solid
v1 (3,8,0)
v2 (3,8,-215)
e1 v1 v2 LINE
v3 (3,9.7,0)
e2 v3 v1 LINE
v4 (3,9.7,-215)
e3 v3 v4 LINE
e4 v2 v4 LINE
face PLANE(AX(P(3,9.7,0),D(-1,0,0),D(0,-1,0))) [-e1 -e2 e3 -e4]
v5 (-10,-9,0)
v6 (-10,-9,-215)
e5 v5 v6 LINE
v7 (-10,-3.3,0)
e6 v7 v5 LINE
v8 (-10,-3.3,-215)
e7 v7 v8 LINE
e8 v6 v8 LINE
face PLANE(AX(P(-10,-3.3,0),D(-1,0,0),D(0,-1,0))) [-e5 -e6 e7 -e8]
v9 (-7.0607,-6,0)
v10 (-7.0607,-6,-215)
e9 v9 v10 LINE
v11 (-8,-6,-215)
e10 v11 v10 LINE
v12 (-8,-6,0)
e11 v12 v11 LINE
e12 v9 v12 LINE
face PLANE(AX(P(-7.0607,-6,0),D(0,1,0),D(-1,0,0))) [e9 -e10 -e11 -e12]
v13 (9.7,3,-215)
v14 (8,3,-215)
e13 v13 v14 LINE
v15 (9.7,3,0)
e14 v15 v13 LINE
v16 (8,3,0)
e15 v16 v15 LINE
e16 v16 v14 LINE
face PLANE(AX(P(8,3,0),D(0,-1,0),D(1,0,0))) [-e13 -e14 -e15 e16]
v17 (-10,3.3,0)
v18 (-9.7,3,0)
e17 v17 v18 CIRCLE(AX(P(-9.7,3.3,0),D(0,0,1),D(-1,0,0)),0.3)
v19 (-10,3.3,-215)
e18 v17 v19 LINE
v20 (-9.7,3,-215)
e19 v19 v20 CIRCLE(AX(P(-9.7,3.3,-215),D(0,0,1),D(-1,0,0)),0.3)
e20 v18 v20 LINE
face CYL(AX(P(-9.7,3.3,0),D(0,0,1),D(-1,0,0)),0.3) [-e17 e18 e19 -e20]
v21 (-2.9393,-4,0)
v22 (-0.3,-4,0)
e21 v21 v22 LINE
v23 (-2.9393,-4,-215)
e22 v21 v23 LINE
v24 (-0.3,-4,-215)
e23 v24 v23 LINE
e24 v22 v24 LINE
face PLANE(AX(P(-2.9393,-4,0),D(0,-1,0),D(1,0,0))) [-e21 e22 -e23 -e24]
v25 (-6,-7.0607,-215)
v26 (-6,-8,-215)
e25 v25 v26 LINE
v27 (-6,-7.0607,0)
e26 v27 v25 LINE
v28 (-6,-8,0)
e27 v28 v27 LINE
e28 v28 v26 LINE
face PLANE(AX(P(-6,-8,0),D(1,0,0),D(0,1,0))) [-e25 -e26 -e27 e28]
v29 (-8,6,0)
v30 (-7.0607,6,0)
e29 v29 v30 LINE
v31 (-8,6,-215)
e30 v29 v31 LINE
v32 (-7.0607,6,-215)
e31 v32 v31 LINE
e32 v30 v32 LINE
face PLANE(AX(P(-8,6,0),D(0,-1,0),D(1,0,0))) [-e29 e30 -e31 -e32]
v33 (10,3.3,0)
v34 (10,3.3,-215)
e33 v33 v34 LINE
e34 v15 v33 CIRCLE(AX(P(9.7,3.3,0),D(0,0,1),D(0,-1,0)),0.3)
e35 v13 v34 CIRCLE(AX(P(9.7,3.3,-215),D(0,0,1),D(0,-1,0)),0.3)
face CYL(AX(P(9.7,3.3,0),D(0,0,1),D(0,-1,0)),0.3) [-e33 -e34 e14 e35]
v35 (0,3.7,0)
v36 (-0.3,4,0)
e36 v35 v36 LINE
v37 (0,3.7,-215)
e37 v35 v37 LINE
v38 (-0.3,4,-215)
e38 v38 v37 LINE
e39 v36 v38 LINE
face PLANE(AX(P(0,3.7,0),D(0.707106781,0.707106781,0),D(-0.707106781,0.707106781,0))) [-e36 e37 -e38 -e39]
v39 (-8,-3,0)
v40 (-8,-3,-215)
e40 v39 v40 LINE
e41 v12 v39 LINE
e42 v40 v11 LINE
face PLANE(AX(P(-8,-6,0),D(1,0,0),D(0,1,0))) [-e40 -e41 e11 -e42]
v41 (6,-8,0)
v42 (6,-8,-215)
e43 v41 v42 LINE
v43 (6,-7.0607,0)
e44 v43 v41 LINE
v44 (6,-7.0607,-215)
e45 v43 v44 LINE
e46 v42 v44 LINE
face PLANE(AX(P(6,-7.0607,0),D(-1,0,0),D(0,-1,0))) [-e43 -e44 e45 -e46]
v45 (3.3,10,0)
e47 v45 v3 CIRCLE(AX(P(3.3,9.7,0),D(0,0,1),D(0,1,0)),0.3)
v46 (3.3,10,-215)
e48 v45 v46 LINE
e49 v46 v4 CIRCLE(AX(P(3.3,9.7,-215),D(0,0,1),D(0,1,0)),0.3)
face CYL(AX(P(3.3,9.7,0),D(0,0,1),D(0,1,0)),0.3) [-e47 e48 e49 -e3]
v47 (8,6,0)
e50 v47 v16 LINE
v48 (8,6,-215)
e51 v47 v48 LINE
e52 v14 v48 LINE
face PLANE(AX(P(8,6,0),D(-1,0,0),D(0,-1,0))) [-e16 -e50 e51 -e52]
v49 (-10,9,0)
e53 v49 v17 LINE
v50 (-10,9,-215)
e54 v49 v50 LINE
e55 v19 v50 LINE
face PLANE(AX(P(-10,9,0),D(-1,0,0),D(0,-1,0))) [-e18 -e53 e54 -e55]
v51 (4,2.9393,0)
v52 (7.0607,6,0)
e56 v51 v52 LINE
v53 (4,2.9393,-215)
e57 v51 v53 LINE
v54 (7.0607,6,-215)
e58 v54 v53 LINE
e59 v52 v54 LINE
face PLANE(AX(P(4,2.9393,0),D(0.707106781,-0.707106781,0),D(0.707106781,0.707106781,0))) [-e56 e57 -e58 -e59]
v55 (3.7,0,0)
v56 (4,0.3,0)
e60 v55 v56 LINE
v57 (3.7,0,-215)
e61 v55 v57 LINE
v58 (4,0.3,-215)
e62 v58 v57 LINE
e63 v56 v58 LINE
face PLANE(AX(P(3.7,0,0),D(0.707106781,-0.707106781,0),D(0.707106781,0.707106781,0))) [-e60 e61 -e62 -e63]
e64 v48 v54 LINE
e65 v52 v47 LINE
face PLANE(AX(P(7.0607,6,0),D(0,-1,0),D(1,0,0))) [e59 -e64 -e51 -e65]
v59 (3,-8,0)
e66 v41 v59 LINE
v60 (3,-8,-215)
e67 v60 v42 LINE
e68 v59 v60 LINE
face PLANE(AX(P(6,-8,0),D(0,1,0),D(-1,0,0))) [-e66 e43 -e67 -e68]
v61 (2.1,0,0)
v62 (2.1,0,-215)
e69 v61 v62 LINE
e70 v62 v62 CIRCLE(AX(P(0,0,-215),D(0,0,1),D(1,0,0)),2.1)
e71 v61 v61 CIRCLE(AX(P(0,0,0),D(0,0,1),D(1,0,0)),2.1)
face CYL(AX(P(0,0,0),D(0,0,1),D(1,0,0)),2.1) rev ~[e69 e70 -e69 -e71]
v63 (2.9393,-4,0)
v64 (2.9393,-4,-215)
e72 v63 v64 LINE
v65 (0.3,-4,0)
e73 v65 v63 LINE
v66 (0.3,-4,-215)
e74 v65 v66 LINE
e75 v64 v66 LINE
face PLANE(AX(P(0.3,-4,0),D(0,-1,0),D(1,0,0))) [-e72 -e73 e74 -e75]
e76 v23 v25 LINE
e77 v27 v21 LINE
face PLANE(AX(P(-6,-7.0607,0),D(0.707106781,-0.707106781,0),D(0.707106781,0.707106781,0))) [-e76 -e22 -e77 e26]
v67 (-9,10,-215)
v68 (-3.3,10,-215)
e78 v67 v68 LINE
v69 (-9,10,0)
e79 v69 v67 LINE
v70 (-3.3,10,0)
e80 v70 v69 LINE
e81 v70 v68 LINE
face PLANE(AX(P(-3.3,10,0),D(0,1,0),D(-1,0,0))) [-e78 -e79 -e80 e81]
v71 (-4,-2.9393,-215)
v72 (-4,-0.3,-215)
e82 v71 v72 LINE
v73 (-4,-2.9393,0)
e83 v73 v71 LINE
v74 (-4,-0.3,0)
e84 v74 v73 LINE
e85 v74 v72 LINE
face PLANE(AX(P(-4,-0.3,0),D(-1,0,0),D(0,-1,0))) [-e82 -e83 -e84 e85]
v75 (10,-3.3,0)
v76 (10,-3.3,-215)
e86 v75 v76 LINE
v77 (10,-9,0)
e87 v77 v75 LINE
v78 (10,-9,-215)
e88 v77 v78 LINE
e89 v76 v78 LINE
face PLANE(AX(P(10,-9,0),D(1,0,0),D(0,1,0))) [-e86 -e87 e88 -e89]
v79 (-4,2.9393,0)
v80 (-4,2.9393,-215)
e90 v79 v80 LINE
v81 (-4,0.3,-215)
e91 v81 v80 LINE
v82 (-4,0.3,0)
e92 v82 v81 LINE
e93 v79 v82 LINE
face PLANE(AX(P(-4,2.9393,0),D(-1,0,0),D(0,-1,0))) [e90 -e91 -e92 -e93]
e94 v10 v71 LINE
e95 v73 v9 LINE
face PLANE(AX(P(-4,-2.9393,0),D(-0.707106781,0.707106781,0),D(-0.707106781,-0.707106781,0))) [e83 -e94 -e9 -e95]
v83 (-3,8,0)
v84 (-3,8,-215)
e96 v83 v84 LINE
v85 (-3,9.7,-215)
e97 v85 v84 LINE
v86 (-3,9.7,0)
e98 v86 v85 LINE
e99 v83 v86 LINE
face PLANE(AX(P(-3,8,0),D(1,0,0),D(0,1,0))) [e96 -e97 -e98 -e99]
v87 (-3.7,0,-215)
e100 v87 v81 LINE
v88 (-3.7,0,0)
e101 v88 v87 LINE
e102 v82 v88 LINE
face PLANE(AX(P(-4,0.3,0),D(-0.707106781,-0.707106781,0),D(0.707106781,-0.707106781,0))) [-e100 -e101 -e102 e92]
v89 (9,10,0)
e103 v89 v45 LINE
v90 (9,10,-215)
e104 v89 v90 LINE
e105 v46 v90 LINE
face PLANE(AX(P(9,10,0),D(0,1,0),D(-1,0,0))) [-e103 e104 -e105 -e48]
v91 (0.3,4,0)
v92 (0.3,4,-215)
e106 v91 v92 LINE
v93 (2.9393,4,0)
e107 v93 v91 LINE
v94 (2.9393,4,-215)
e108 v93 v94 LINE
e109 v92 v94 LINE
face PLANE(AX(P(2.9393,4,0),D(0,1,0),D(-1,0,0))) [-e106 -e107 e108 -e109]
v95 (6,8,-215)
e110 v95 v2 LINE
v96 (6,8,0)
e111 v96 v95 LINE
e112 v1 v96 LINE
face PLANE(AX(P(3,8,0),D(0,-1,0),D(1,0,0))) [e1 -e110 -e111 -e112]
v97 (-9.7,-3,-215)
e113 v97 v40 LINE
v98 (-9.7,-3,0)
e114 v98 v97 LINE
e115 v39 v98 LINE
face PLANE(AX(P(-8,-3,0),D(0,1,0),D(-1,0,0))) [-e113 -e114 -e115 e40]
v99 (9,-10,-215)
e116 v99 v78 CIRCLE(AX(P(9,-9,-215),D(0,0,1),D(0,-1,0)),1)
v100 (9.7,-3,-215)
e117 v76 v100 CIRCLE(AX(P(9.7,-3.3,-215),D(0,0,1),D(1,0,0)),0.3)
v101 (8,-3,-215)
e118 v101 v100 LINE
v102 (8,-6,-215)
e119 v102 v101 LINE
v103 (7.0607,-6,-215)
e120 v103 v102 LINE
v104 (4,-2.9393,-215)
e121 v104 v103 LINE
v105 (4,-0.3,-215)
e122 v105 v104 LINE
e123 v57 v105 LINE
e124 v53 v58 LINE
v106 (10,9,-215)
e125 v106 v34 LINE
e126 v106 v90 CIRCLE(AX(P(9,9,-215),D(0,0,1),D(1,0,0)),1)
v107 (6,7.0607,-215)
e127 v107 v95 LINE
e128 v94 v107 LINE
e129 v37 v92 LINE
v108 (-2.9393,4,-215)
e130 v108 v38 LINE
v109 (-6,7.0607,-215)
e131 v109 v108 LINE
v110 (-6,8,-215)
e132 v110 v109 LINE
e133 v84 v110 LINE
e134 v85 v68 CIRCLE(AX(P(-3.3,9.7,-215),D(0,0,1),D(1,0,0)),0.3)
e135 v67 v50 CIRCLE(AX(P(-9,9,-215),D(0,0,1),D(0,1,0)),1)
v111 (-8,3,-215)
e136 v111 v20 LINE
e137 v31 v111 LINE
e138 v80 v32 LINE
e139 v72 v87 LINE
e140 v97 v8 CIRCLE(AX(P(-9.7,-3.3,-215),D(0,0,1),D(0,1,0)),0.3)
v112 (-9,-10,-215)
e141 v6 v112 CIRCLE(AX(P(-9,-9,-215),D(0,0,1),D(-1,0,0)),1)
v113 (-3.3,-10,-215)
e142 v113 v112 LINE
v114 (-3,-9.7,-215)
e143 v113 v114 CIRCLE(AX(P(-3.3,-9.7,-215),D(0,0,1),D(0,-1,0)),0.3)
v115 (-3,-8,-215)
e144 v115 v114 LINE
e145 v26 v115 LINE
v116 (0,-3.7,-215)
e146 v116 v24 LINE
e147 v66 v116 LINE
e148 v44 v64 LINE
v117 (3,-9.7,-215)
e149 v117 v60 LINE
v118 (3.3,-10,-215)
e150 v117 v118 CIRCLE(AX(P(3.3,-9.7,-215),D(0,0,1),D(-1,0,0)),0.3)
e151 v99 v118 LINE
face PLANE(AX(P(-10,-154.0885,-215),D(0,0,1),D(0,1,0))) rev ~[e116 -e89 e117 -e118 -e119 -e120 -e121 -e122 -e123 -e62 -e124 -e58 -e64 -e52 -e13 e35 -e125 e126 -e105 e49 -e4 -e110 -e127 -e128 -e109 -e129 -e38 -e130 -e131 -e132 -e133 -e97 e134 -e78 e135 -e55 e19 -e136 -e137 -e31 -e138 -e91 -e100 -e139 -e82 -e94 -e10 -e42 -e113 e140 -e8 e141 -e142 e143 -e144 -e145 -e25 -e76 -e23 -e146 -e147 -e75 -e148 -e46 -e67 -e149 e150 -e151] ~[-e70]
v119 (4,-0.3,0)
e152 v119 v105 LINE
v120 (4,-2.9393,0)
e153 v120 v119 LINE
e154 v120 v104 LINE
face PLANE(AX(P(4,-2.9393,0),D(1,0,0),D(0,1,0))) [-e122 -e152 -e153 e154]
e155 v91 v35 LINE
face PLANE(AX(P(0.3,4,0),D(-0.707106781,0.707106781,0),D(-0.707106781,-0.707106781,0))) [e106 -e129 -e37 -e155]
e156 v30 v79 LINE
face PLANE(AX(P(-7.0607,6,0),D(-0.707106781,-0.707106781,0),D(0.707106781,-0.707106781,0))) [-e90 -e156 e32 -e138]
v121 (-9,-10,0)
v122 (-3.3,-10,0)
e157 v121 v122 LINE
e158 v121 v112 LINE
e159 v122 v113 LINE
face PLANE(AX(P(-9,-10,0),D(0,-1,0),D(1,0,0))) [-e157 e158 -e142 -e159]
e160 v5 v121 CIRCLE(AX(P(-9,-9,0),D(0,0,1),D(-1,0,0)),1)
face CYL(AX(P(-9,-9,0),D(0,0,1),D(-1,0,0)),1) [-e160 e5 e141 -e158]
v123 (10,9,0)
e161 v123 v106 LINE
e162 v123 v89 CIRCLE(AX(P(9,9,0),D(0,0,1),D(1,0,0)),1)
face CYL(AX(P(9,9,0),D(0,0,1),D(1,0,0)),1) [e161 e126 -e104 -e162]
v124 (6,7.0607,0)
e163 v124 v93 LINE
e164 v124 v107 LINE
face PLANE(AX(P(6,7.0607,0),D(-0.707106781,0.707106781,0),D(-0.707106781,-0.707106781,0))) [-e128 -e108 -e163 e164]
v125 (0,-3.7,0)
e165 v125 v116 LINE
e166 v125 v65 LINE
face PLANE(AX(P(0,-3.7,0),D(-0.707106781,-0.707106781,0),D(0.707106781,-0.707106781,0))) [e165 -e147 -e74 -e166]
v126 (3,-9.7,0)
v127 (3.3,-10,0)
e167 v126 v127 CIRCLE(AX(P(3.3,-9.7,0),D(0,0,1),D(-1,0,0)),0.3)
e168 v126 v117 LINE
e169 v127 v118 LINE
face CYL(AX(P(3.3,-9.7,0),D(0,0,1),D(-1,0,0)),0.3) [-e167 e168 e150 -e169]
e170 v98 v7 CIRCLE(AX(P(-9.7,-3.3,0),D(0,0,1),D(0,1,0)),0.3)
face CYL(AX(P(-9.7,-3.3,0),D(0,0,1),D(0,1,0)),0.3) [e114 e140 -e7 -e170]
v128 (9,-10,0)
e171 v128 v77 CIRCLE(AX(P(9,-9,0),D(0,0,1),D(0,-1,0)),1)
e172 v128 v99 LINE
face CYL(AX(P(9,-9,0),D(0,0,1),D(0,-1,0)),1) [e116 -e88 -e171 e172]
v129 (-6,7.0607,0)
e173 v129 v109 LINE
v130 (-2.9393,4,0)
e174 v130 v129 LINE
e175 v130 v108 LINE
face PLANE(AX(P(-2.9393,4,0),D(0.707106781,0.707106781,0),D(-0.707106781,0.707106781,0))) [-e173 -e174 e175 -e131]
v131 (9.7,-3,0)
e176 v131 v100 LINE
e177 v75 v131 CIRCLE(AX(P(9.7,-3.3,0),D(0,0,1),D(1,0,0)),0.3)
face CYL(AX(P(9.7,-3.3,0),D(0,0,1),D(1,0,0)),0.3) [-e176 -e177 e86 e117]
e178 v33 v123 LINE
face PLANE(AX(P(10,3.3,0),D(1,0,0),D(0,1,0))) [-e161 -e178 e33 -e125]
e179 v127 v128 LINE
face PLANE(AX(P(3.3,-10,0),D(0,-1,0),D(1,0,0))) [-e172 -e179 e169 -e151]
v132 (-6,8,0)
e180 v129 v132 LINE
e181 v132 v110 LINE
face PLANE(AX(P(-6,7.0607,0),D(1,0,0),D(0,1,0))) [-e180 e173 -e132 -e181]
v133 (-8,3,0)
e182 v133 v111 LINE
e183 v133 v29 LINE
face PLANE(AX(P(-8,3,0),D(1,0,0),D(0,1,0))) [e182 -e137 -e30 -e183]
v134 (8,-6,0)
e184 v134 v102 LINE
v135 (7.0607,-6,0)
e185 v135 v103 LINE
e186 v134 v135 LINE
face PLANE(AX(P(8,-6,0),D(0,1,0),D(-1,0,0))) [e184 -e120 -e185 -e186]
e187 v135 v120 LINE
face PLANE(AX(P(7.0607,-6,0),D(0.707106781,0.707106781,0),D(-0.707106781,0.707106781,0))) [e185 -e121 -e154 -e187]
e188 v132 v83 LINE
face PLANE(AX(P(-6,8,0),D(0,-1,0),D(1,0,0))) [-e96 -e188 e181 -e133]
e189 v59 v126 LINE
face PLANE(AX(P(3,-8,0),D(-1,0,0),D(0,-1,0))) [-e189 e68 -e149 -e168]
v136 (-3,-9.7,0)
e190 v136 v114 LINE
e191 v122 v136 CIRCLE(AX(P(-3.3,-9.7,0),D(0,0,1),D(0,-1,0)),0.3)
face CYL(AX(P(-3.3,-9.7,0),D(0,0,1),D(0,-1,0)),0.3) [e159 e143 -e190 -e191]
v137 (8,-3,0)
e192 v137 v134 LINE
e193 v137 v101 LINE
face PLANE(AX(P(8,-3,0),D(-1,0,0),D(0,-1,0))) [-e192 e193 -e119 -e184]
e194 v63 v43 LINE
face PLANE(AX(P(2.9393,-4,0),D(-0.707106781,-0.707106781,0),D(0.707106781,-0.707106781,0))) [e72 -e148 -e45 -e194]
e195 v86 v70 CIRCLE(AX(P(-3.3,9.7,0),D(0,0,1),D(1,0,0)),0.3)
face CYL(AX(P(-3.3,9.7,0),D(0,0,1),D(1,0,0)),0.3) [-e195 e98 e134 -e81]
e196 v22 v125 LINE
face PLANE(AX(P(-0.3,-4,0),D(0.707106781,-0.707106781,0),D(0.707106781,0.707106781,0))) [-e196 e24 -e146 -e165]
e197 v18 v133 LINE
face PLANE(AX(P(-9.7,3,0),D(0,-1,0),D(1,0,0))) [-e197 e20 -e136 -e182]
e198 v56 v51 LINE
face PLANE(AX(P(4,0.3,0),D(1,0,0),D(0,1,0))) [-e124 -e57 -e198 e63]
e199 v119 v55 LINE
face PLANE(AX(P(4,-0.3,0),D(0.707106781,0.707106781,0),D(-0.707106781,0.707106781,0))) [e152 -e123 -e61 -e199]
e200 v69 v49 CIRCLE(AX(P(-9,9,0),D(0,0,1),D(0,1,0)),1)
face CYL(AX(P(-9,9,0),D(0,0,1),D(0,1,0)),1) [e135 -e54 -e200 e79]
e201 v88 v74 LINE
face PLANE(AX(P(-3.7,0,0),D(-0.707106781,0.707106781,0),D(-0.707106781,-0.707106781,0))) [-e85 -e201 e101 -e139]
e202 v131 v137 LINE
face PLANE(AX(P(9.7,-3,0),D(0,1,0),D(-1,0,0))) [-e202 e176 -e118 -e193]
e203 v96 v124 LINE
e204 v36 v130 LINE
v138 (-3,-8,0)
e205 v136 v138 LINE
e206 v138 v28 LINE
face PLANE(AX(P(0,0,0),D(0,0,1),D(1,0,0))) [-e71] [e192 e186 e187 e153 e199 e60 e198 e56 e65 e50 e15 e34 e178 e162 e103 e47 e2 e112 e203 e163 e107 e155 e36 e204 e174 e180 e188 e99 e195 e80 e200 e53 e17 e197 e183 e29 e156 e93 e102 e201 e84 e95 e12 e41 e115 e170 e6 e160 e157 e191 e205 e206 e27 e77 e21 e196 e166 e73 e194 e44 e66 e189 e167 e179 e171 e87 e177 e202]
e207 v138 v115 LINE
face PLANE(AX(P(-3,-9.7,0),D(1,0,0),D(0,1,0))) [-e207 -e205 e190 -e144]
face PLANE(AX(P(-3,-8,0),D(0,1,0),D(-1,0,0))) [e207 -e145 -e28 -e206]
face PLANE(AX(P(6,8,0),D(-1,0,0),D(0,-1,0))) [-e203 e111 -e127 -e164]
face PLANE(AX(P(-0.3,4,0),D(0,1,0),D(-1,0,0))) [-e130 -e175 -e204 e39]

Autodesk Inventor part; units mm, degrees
sketch "Sketch_5" plane through (0, 0, 0) normal (0, 0, 1) x (1, 0, 0)
  arc A0 (-10, 3.3) -> (-9.7, 3) centre (-9.7, 3.3) ccw
  line L0 (-9.7, 3) -> (-8, 3)
  line L1 (-8, 3) -> (-8, 6)
  line L2 (-8, 6) -> (-7.0607, 6)
  line L3 (-7.0607, 6) -> (-4, 2.9393)
  line L4 (-4, 2.9393) -> (-4, 0.3)
  line L5 (-4, 0.3) -> (-3.7, 0)
  line L6 (-3.7, 0) -> (-4, -0.3)
  line L7 (-4, -0.3) -> (-4, -2.9393)
  line L8 (-4, -2.9393) -> (-7.0607, -6)
  line L9 (-7.0607, -6) -> (-8, -6)
  line L10 (-8, -6) -> (-8, -3)
  line L11 (-8, -3) -> (-9.7, -3)
  arc A1 (-9.7, -3) -> (-10, -3.3) centre (-9.7, -3.3) ccw
  line L12 (-10, -3.3) -> (-10, -9)
  arc A2 (-10, -9) -> (-9, -10) centre (-9, -9) ccw
  line L13 (-9, -10) -> (-3.3, -10)
  arc A3 (-3.3, -10) -> (-3, -9.7) centre (-3.3, -9.7) ccw
  line L14 (-3, -9.7) -> (-3, -8)
  line L15 (-3, -8) -> (-6, -8)
  line L16 (-6, -8) -> (-6, -7.0607)
  line L17 (-6, -7.0607) -> (-2.9393, -4)
  line L18 (-2.9393, -4) -> (-0.3, -4)
  line L19 (-0.3, -4) -> (0, -3.7)
  line L20 (0, -3.7) -> (0.3, -4)
  line L21 (0.3, -4) -> (2.9393, -4)
  line L22 (2.9393, -4) -> (6, -7.0607)
  line L23 (6, -7.0607) -> (6, -8)
  line L24 (6, -8) -> (3, -8)
  line L25 (3, -8) -> (3, -9.7)
  arc A4 (3, -9.7) -> (3.3, -10) centre (3.3, -9.7) ccw
  line L26 (3.3, -10) -> (9, -10)
  arc A5 (9, -10) -> (10, -9) centre (9, -9) ccw
  line L27 (10, -9) -> (10, -3.3)
  arc A6 (10, -3.3) -> (9.7, -3) centre (9.7, -3.3) ccw
  line L28 (9.7, -3) -> (8, -3)
  line L29 (8, -3) -> (8, -6)
  line L30 (8, -6) -> (7.0607, -6)
  line L31 (7.0607, -6) -> (4, -2.9393)
  line L32 (4, -2.9393) -> (4, -0.3)
  line L33 (4, -0.3) -> (3.7, 0)
  line L34 (3.7, 0) -> (4, 0.3)
  line L35 (4, 0.3) -> (4, 2.9393)
  line L36 (4, 2.9393) -> (7.0607, 6)
  line L37 (7.0607, 6) -> (8, 6)
  line L38 (8, 6) -> (8, 3)
  line L39 (8, 3) -> (9.7, 3)
  arc A7 (9.7, 3) -> (10, 3.3) centre (9.7, 3.3) ccw
  line L40 (10, 3.3) -> (10, 9)
  arc A8 (10, 9) -> (9, 10) centre (9, 9) ccw
  line L41 (9, 10) -> (3.3, 10)
  arc A9 (3.3, 10) -> (3, 9.7) centre (3.3, 9.7) ccw
  line L42 (3, 9.7) -> (3, 8)
  line L43 (3, 8) -> (6, 8)
  line L44 (6, 8) -> (6, 7.0607)
  line L45 (6, 7.0607) -> (2.9393, 4)
  line L46 (2.9393, 4) -> (0.3, 4)
  line L47 (0.3, 4) -> (0, 3.7)
  line L48 (0, 3.7) -> (-0.3, 4)
  line L49 (-0.3, 4) -> (-2.9393, 4)
  line L50 (-2.9393, 4) -> (-6, 7.0607)
  line L51 (-6, 7.0607) -> (-6, 8)
  line L52 (-6, 8) -> (-3, 8)
  line L53 (-3, 8) -> (-3, 9.7)
  arc A10 (-3, 9.7) -> (-3.3, 10) centre (-3.3, 9.7) ccw
  line L54 (-3.3, 10) -> (-9, 10)
  arc A11 (-9, 10) -> (-10, 9) centre (-9, 9) ccw
  line L55 (-10, 9) -> (-10, 3.3)
  circle A12 centre (0, 0) radius 2.1
extrude "Extrusion1" add sketch "Sketch_5" against normal blind 1000
ref_plane "to_frame_XY" through (0, 0, 0) normal (0, 0, 1) x (1, 0, 0)
ref_plane "to_frame_YZ" through (0, 0, 0) normal (1, 0, 0) x (0, 1, 0)
ref_plane "to_frame_ZX" through (0, 0, 0) normal (0, 1, 0) x (0, 0, 1)
sketch "Sketch2" plane through (-10, -3.3, -1000) normal (-1, 0, 0) x (0, 0, 1)
  line L0 (-212.6604, -150.7885) -> (785, -150.7885)
  line L1 (785, -150.7885) -> (785, 147.9074)
  line L2 (785, 147.9074) -> (-212.6604, 147.9074)
  line L3 (-212.6604, 147.9074) -> (-212.6604, -150.7885)
  point P0 (1000, 3.3)
  dimension "d3" = 215
extrude "Extrusion2" cut sketch "Sketch2" against normal through all
equation "\"d0\" = L"
equation "\"L\" = 1000"
properties part number "KHFS5-2020-1000"
